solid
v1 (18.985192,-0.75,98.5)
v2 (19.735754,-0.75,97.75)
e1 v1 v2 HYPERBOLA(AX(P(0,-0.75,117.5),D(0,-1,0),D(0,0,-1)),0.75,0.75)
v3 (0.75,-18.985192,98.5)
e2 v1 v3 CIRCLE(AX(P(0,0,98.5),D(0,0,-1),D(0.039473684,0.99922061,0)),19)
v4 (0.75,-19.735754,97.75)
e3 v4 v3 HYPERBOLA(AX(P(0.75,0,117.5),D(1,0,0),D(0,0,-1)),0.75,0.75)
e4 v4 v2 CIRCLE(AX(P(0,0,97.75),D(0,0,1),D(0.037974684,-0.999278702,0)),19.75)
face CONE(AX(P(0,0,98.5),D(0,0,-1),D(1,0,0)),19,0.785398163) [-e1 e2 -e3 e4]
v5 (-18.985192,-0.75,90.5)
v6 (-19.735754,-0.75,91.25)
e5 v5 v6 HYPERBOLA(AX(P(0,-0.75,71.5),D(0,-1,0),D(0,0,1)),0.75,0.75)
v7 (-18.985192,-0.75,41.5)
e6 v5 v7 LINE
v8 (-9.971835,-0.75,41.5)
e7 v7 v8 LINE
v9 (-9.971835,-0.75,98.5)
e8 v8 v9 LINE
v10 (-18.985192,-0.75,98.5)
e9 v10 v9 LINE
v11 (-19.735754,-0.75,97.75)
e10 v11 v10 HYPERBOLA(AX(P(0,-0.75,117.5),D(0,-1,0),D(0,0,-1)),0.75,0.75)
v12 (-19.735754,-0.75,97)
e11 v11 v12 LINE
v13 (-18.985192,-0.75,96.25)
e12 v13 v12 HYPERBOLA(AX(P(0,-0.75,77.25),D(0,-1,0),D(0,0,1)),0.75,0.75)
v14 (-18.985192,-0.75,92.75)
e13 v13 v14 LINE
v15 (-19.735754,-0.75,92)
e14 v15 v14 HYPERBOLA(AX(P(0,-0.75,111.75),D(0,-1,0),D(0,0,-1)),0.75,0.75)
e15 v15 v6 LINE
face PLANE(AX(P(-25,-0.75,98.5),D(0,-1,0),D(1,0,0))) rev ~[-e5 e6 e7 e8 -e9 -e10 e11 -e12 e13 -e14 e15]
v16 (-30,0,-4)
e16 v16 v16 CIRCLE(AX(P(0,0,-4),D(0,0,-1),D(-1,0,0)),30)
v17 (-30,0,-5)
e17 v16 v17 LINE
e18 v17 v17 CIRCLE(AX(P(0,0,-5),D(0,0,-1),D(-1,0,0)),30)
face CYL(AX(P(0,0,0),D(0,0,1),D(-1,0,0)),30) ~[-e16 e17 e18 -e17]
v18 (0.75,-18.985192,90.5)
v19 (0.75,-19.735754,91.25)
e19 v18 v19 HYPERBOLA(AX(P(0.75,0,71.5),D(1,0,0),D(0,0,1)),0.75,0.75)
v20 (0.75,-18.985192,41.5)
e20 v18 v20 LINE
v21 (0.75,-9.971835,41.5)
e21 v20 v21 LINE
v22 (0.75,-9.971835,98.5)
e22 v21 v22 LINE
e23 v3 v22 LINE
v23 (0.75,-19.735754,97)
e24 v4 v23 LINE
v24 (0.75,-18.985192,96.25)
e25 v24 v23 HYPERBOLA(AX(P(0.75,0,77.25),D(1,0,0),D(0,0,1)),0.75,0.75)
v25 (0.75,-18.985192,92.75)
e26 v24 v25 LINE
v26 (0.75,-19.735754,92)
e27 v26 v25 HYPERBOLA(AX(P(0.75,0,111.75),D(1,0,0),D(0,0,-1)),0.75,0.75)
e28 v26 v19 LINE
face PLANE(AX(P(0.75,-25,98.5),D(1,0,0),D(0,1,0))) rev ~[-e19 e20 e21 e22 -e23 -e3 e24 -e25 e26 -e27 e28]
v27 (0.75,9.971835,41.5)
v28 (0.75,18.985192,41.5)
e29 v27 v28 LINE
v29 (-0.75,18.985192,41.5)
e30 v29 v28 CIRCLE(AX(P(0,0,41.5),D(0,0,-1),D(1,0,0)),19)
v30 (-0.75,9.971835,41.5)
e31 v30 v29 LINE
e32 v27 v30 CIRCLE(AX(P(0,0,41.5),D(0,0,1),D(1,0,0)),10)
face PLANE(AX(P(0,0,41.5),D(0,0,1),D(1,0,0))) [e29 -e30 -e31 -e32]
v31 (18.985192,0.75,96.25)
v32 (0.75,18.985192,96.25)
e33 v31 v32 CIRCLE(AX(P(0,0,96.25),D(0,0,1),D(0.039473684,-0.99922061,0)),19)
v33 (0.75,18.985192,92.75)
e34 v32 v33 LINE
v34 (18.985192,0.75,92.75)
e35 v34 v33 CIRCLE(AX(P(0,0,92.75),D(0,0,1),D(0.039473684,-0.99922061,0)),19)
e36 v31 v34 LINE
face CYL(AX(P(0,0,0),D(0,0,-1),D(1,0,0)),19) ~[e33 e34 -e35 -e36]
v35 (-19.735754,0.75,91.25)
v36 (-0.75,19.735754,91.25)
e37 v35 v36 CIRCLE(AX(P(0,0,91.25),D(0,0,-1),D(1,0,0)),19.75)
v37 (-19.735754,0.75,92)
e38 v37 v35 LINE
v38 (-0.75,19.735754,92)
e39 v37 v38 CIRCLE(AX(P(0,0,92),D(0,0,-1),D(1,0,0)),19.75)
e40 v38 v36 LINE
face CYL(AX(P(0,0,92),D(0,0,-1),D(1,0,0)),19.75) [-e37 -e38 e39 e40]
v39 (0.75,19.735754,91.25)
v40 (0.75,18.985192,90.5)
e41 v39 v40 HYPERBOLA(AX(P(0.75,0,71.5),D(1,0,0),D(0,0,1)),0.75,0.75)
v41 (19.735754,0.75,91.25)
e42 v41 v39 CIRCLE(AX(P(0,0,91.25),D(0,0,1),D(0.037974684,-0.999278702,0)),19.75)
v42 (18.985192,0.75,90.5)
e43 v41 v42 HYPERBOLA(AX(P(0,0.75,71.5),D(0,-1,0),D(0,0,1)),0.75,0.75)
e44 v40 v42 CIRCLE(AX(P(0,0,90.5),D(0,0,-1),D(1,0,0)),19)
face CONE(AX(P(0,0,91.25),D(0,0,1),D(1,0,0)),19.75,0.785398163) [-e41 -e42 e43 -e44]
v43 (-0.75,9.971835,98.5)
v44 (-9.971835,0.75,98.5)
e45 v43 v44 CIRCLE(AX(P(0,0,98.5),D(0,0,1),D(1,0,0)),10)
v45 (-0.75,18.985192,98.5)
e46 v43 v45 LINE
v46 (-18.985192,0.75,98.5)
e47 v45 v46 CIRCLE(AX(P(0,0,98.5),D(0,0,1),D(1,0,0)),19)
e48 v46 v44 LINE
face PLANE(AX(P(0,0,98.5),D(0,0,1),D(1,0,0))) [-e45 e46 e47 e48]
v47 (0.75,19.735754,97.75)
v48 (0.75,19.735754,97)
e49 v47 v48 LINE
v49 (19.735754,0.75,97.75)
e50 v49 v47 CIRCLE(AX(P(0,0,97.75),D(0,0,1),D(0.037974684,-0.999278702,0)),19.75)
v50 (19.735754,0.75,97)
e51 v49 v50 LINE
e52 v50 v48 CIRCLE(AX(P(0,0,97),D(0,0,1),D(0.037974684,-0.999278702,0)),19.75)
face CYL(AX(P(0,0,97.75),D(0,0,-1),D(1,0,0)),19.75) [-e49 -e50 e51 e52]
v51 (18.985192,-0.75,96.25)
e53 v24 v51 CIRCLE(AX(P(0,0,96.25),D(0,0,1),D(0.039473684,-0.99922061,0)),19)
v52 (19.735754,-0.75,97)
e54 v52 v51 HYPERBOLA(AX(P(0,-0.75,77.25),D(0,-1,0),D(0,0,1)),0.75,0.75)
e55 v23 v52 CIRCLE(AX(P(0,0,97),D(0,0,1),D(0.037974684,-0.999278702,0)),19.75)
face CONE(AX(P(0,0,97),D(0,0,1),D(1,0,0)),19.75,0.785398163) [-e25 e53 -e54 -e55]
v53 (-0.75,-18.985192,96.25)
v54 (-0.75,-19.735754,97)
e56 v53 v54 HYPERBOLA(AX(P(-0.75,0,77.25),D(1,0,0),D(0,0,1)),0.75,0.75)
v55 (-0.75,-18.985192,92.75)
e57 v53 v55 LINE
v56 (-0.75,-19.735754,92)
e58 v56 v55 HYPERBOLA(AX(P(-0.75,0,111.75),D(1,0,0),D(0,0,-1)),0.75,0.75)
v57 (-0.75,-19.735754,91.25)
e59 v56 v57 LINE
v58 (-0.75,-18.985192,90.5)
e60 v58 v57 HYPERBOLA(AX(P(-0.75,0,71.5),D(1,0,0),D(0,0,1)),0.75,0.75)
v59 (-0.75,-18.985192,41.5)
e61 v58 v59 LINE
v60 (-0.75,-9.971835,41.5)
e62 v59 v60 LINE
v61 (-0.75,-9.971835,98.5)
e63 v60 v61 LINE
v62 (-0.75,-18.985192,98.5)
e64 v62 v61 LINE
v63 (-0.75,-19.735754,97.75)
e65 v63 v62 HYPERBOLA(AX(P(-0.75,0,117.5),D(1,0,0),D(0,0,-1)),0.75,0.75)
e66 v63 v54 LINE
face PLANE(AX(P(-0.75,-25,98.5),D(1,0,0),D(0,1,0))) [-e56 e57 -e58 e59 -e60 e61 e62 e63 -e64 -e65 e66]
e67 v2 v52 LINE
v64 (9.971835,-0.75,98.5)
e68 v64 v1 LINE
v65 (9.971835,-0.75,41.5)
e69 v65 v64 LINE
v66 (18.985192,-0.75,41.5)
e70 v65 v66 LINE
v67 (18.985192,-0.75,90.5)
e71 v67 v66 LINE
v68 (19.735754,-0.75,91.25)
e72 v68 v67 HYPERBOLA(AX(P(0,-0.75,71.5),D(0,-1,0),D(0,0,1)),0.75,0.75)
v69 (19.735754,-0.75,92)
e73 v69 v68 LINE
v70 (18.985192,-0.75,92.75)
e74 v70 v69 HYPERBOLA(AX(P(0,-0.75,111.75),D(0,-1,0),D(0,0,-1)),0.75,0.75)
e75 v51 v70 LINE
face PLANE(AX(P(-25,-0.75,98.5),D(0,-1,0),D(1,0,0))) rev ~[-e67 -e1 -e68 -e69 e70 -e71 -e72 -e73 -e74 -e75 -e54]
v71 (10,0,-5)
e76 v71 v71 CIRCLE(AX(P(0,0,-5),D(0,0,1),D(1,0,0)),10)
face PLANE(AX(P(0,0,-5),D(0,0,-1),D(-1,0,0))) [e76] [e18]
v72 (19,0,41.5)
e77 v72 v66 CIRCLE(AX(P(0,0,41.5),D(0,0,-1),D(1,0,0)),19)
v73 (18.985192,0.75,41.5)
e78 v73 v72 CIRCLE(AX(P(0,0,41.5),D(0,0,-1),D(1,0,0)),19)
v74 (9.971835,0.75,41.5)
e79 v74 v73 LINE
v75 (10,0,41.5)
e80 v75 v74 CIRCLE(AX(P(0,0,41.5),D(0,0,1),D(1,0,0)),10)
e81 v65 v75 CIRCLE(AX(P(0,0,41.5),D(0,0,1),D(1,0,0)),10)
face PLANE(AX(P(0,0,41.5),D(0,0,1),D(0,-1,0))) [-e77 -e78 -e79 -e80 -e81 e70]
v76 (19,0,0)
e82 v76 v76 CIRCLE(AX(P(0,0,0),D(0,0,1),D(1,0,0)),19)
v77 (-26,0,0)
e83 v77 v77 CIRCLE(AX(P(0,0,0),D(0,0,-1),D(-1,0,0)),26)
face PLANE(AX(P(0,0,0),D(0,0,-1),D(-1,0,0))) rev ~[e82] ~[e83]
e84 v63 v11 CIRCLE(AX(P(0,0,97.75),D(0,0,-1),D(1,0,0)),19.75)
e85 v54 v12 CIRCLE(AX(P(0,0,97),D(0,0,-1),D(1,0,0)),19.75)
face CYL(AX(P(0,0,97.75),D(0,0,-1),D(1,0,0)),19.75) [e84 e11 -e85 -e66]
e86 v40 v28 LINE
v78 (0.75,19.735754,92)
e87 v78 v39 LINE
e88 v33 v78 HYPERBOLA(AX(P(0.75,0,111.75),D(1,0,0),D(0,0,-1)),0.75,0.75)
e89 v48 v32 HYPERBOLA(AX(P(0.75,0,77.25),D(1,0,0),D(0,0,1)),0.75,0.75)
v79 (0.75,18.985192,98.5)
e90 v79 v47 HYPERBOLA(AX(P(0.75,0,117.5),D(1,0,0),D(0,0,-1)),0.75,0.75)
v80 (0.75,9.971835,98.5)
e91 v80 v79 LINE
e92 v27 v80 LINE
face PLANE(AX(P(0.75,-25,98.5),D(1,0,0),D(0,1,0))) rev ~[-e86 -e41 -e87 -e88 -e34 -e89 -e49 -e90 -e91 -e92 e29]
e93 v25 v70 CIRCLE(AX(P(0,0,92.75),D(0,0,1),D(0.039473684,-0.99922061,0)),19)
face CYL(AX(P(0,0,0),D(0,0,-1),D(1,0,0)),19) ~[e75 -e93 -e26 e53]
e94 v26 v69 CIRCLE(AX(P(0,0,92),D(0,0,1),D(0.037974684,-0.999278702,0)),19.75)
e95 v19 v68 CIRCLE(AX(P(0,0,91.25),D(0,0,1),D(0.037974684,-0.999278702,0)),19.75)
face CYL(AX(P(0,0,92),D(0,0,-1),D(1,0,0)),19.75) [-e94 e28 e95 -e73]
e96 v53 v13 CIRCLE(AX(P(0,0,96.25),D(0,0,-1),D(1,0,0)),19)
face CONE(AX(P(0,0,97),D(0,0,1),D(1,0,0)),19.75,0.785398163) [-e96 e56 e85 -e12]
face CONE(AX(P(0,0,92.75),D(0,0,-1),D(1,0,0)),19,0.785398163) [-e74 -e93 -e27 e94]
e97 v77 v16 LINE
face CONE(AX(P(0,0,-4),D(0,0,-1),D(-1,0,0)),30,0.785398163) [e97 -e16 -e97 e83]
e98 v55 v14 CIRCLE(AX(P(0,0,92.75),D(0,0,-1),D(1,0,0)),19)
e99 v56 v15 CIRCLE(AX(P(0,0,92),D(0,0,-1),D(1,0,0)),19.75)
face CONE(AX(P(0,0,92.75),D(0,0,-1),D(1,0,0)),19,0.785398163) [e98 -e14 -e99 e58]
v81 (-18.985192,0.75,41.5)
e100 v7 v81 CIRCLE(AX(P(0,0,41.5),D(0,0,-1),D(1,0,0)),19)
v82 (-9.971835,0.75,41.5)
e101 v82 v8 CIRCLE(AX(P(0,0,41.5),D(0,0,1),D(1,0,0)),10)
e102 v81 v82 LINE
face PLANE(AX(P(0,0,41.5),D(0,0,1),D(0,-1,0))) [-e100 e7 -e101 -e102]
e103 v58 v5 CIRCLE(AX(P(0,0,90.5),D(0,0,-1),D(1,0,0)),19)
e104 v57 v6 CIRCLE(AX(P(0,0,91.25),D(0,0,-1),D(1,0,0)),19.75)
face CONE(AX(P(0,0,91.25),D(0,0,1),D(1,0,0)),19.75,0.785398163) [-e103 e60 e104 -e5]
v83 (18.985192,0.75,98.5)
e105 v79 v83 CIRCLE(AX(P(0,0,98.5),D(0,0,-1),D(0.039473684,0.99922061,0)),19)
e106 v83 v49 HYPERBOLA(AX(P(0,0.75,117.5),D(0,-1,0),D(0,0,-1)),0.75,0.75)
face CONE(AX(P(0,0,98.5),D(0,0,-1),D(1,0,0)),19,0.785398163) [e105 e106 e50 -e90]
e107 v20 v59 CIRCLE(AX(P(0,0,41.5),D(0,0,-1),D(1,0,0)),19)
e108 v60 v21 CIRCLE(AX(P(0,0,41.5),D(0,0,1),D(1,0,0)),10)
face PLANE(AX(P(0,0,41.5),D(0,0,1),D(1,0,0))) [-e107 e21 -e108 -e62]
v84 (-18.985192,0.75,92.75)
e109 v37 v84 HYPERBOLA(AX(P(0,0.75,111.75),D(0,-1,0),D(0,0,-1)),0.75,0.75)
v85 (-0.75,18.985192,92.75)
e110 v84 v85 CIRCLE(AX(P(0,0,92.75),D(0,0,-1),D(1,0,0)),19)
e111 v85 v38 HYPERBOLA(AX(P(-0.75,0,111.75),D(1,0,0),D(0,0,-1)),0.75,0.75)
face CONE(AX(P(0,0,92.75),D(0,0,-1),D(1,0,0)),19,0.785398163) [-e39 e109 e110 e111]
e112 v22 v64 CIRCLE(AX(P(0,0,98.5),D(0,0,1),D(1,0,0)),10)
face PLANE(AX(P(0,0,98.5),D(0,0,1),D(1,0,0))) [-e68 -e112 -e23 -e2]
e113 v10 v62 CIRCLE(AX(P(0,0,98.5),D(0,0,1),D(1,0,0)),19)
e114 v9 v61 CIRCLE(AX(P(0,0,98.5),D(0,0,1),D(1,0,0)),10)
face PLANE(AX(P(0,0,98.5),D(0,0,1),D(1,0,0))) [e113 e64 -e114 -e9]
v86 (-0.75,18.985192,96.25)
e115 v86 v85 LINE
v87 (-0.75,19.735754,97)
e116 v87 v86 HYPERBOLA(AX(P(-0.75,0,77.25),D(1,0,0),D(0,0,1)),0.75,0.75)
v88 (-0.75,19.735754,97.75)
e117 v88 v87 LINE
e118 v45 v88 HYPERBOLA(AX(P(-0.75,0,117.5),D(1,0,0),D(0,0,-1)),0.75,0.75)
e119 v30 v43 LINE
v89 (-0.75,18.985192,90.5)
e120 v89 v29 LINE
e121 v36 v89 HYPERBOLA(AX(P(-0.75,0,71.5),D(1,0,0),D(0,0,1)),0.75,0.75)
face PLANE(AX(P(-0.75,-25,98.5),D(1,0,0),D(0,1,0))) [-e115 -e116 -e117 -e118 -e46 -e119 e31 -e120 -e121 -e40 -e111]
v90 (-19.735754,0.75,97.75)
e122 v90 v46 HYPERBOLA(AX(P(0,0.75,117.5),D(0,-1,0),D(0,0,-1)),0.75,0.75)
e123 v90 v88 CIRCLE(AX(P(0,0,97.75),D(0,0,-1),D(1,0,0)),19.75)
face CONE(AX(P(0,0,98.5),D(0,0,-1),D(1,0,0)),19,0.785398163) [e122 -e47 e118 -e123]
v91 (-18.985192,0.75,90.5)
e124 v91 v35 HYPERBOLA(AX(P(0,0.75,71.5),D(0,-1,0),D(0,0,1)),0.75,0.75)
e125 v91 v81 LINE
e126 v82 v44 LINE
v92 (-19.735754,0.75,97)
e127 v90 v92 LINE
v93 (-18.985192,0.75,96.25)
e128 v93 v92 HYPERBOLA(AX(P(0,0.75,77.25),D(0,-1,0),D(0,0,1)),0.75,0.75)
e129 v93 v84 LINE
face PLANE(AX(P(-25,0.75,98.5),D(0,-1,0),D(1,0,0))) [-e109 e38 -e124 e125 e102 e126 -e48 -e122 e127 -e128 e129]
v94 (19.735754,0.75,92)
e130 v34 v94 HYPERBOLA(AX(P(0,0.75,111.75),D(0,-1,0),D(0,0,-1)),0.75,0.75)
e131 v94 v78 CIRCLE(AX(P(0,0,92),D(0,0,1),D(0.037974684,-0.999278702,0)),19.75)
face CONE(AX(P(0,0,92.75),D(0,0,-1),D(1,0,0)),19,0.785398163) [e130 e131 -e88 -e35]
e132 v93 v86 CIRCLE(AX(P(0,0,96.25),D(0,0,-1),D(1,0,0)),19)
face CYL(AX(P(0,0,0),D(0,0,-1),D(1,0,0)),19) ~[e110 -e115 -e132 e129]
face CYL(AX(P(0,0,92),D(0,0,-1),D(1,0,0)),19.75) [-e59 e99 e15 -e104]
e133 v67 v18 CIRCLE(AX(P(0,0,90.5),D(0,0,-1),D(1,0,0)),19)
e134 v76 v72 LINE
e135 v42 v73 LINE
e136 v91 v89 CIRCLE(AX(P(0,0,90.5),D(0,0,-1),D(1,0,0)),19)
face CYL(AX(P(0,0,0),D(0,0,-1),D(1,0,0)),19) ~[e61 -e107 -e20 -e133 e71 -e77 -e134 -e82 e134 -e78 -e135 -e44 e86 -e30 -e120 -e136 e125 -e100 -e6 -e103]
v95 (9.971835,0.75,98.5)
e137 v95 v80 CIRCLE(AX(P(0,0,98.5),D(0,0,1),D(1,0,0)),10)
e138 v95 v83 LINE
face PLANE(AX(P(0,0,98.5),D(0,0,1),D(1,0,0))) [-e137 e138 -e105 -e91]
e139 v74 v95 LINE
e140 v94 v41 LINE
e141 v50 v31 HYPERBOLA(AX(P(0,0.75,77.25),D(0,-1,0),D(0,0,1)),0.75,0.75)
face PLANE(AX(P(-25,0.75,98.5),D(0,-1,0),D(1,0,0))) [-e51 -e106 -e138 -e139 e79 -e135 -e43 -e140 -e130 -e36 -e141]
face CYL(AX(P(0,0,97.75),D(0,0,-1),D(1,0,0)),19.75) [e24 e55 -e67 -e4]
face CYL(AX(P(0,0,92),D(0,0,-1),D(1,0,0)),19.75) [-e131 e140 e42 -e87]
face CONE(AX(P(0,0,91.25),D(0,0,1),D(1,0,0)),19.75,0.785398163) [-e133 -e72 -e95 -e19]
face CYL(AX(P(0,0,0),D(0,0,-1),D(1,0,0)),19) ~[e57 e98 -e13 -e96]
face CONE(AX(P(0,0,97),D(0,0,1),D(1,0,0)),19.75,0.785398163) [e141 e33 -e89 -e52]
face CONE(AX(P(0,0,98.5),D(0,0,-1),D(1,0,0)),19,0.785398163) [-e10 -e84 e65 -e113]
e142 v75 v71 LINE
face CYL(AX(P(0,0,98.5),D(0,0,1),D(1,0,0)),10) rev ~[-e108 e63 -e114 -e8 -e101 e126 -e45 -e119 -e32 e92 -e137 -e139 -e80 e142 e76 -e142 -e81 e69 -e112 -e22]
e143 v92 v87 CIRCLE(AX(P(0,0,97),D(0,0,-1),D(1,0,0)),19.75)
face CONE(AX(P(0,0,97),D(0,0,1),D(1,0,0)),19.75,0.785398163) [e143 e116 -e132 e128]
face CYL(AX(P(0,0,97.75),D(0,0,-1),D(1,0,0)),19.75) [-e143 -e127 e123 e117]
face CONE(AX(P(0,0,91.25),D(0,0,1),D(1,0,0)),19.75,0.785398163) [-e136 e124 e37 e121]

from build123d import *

# Parameters (mm, degrees)
AXLE_BASE_SKETCH_R        = 19
AXLE_DEPTH                = 98.5
GUARD_BASE_R              = 30
GUARD_DEPTH               = 5
INNER_AXLE_HOLE_BASE_R    = 10
INNER_AXLE_HOLE_DEPTH     = 104.5
BEND_ROOM_BASE_W          = 1.5
BEND_ROOM_BASE_H          = 50
BEND_ROOM_1_DEPTH         = 57
BEND_ROOM_2_COUNT         = 2
BEND_ROOM_2_ANGLE         = 90
EASY_REMOVAL_CHAMFER_SIZE = 4


with BuildPart() as part:
    # Axle base sketch → Axle (new body)
    with BuildSketch(Plane.XY):
        Circle(AXLE_BASE_SKETCH_R)
    extrude(amount=AXLE_DEPTH)

    # Guard base → Guard (add)
    with BuildSketch(Plane(origin=(0, 0, 0), x_dir=(-1, 0, 0), z_dir=(0, 0, -1))):
        Circle(GUARD_BASE_R)
    extrude(amount=GUARD_DEPTH)

    # Inner axle hole base → Inner axle hole (cut, through all)
    with BuildSketch(Plane.XY.offset(98.5)):
        Circle(INNER_AXLE_HOLE_BASE_R)
    extrude(amount=-INNER_AXLE_HOLE_DEPTH, mode=Mode.SUBTRACT)

    # Mate ring base → Mate rings (revolve)
    with BuildSketch(Plane(origin=(0, 0, 0), x_dir=(1, 0, 0), z_dir=(0, 1, 0))):
        Polygon((19, -98.5), (19.75, -97.75), (19.75, -97), (19, -96.25), align=None)
        Polygon((19, -92.75), (19.75, -92), (19.75, -91.25), (19, -90.5), align=None)
    revolve(axis=Axis((0, 0, 0), (0, 0, -1)))

    # Bend room base → Bend room 1 (cut)
    with BuildSketch(Plane.XY.offset(98.5)):
        Rectangle(BEND_ROOM_BASE_W, BEND_ROOM_BASE_H)
    bend_room_1 = extrude(amount=-BEND_ROOM_1_DEPTH, mode=Mode.SUBTRACT)

    # Bend room 2: Bend room 1 ×2 about axis
    bend_room_2_axis = Axis((0, 0, 0), (0, 0, -1))
    for i in range(1, BEND_ROOM_2_COUNT):
        add(bend_room_1.rotate(bend_room_2_axis, i * BEND_ROOM_2_ANGLE / (BEND_ROOM_2_COUNT - 1)), mode=Mode.SUBTRACT)

    # Easy removal chamfer
    easy_removal_chamfer_edges = [part.edges().sort_by_distance(p)[0] for p in [
        (30, 0, 0),
    ]]
    chamfer(easy_removal_chamfer_edges, length=EASY_REMOVAL_CHAMFER_SIZE)


solid = part.part
